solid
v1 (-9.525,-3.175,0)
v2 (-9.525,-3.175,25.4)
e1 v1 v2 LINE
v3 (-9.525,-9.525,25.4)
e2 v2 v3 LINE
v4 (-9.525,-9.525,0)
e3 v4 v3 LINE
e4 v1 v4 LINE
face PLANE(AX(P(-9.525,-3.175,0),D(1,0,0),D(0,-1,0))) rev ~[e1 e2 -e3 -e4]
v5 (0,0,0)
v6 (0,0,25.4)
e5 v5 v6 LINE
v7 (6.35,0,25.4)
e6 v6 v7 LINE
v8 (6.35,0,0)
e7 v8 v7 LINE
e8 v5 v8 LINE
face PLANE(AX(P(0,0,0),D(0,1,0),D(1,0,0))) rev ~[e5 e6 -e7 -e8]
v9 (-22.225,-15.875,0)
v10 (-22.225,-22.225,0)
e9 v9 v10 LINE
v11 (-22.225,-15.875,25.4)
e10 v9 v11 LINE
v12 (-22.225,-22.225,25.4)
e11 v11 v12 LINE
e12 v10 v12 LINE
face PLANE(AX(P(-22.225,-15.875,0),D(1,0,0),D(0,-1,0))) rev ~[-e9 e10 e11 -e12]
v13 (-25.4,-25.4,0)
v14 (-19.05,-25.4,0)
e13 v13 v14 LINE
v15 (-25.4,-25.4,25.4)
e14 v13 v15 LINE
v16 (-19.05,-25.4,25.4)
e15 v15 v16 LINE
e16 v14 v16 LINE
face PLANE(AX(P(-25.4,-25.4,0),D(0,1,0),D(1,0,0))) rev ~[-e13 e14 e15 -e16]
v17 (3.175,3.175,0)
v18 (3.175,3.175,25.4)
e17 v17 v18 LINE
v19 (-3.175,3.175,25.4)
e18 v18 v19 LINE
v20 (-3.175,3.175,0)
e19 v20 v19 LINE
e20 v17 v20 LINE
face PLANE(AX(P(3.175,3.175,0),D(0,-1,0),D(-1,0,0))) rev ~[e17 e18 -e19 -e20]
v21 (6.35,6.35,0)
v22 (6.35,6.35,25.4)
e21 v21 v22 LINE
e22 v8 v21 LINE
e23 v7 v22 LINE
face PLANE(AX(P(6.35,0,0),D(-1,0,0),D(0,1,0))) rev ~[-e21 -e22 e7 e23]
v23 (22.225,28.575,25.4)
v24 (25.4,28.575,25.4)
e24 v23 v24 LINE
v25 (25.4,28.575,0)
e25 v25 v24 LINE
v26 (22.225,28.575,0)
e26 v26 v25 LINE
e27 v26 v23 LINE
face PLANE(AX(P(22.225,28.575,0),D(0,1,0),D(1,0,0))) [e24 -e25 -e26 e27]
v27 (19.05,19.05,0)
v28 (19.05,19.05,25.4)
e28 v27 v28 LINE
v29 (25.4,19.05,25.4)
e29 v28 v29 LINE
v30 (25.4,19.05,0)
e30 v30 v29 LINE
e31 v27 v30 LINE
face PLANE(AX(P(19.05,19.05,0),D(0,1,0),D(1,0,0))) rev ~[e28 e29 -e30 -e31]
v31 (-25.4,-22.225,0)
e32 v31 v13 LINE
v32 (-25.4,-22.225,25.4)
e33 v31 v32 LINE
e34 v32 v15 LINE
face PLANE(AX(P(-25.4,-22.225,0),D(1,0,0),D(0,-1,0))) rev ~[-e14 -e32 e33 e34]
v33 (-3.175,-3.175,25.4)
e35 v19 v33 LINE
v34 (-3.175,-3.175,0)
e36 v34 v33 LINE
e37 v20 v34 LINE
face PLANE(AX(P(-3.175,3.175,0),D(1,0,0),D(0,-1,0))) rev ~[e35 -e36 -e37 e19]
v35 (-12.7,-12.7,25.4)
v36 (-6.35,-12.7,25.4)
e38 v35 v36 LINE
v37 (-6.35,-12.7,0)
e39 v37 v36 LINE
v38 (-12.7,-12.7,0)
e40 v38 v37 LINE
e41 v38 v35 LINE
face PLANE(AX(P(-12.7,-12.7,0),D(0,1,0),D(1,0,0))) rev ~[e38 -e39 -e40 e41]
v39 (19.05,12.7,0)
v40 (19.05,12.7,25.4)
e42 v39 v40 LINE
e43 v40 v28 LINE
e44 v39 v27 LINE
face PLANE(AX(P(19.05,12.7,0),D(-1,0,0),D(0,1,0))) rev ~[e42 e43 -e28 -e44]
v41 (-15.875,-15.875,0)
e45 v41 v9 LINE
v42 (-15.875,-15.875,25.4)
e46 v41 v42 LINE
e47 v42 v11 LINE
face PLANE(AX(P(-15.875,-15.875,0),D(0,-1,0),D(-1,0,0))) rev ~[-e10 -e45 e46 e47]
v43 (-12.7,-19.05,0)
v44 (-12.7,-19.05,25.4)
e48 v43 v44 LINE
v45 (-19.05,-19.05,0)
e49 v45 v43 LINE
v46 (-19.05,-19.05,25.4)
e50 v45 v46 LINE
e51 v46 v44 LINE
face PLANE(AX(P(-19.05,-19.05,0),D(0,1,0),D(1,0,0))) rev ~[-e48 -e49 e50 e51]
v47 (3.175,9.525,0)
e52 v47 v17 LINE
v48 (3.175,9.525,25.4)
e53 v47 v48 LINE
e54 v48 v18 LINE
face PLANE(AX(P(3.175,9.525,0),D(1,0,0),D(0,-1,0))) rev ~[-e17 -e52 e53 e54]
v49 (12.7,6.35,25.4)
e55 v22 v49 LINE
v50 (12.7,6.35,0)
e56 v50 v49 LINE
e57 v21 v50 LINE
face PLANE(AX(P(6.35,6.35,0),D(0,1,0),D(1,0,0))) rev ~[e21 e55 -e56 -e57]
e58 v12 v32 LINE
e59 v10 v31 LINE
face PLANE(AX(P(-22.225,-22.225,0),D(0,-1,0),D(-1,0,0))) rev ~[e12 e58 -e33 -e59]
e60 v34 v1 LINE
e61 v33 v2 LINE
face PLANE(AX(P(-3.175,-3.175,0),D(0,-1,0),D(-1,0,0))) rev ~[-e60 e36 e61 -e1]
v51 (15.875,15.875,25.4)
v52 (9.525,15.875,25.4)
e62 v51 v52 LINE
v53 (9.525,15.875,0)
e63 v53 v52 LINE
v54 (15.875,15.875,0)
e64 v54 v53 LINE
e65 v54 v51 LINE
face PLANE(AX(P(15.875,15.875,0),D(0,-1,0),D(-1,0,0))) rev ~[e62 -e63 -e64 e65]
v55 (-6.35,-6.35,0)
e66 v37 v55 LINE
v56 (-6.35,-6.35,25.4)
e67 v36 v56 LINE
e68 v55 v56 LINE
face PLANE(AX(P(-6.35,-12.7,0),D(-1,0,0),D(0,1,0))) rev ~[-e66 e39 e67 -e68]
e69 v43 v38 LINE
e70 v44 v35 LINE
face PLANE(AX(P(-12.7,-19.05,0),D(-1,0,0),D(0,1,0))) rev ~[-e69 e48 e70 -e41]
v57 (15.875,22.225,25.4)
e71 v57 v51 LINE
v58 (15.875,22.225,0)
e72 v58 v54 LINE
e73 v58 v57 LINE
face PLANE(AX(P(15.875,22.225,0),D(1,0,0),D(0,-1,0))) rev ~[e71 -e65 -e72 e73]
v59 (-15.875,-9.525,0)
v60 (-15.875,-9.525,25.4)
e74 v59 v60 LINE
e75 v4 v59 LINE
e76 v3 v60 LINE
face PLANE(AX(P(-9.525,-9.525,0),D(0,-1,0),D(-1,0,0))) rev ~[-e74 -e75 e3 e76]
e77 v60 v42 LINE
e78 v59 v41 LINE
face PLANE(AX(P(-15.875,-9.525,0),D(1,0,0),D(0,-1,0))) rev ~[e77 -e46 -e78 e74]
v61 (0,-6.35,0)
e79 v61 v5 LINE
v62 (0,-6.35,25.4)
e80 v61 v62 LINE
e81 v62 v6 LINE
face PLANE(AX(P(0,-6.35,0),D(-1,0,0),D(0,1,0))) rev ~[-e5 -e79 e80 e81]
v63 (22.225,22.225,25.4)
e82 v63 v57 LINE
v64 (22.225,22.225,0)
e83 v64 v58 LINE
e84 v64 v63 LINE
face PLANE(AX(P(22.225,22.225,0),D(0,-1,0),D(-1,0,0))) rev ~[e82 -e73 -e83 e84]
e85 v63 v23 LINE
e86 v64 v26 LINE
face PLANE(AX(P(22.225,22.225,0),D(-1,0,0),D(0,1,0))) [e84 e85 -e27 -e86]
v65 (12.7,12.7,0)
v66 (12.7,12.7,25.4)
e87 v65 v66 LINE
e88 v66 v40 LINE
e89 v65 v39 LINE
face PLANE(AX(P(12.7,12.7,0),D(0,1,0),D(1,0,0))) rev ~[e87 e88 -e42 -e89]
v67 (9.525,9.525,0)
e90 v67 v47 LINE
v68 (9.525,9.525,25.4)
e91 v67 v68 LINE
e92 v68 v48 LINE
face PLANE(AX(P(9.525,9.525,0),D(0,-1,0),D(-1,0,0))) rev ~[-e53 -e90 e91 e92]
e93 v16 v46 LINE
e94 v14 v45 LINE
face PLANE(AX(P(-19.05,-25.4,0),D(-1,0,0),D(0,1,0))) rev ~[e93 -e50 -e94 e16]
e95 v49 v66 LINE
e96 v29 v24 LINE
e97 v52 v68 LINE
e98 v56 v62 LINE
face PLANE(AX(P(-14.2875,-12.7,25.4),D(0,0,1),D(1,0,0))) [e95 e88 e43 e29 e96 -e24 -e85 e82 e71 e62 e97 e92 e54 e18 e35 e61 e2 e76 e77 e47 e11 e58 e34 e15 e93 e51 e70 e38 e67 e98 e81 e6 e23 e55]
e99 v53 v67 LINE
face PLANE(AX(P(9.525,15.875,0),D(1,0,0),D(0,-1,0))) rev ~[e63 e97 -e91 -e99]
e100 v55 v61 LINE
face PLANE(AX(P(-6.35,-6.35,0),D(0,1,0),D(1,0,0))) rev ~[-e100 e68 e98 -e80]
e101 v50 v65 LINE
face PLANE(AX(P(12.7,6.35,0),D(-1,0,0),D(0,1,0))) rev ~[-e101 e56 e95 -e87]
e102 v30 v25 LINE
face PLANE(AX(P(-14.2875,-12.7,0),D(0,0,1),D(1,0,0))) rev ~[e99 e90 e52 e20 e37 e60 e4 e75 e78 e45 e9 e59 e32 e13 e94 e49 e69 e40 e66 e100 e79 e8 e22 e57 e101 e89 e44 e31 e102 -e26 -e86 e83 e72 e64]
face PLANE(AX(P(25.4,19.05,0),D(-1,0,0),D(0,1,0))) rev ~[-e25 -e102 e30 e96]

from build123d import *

# Parameters (mm, degrees)
F0_W     = 3.175
F0_H     = 6.35
F1_DEPTH = 25.4


with BuildPart() as f1:
    # F0 (on Top) → F1 (new body)
    with BuildSketch(Plane.XY):
        Polygon((-12.7, -12.7), (-12.7, -9.525), (-15.875, -9.525), (-15.875, -15.875), (-12.7, -15.875), align=None)
        Polygon((-19.05, -19.05), (-19.05, -15.875), (-22.225, -15.875), (-22.225, -22.225), (-19.05, -22.225), align=None)
        Polygon((-12.7, -19.05), (-12.7, -15.875), (-15.875, -15.875), (-19.05, -15.875), (-19.05, -19.05), align=None)
        Polygon((0, -3.175), (0, 0), (0, 3.175), (-3.175, 3.175), (-3.175, -3.175), align=None)
        Polygon((0, -6.35), (0, -3.175), (-3.175, -3.175), (-6.35, -3.175), (-6.35, -6.35), align=None)
        Polygon((-6.35, -6.35), (-6.35, -3.175), (-9.525, -3.175), (-9.525, -9.525), (-6.35, -9.525), align=None)
        Polygon((19.05, 22.225), (19.05, 19.05), (25.4, 19.05), (25.4, 22.225), (22.225, 22.225), align=None)
        Polygon((12.7, 15.875), (12.7, 12.7), (19.05, 12.7), (19.05, 15.875), (15.875, 15.875), align=None)
        Polygon((15.875, 22.225), (15.875, 15.875), (19.05, 15.875), (19.05, 19.05), (19.05, 22.225), align=None)
        Polygon((9.525, 15.875), (9.525, 9.525), (12.7, 9.525), (12.7, 12.7), (12.7, 15.875), align=None)
        Polygon((6.35, 9.525), (6.35, 6.35), (12.7, 6.35), (12.7, 9.525), (9.525, 9.525), align=None)
        Polygon((-6.35, -12.7), (-6.35, -9.525), (-9.525, -9.525), (-12.7, -9.525), (-12.7, -12.7), align=None)
        Polygon((3.175, 3.175), (6.35, 3.175), (6.35, 6.35), (6.35, 9.525), (3.175, 9.525), align=None)
        Polygon((0, 3.175), (0, 0), (6.35, 0), (6.35, 3.175), (3.175, 3.175), align=None)
        Polygon((-19.05, -25.4), (-19.05, -22.225), (-22.225, -22.225), (-25.4, -22.225), (-25.4, -25.4), align=None)
        with Locations((23.8125, 25.4)):
            Rectangle(F0_W, F0_H)
    extrude(amount=F1_DEPTH)


solid = f1.part
